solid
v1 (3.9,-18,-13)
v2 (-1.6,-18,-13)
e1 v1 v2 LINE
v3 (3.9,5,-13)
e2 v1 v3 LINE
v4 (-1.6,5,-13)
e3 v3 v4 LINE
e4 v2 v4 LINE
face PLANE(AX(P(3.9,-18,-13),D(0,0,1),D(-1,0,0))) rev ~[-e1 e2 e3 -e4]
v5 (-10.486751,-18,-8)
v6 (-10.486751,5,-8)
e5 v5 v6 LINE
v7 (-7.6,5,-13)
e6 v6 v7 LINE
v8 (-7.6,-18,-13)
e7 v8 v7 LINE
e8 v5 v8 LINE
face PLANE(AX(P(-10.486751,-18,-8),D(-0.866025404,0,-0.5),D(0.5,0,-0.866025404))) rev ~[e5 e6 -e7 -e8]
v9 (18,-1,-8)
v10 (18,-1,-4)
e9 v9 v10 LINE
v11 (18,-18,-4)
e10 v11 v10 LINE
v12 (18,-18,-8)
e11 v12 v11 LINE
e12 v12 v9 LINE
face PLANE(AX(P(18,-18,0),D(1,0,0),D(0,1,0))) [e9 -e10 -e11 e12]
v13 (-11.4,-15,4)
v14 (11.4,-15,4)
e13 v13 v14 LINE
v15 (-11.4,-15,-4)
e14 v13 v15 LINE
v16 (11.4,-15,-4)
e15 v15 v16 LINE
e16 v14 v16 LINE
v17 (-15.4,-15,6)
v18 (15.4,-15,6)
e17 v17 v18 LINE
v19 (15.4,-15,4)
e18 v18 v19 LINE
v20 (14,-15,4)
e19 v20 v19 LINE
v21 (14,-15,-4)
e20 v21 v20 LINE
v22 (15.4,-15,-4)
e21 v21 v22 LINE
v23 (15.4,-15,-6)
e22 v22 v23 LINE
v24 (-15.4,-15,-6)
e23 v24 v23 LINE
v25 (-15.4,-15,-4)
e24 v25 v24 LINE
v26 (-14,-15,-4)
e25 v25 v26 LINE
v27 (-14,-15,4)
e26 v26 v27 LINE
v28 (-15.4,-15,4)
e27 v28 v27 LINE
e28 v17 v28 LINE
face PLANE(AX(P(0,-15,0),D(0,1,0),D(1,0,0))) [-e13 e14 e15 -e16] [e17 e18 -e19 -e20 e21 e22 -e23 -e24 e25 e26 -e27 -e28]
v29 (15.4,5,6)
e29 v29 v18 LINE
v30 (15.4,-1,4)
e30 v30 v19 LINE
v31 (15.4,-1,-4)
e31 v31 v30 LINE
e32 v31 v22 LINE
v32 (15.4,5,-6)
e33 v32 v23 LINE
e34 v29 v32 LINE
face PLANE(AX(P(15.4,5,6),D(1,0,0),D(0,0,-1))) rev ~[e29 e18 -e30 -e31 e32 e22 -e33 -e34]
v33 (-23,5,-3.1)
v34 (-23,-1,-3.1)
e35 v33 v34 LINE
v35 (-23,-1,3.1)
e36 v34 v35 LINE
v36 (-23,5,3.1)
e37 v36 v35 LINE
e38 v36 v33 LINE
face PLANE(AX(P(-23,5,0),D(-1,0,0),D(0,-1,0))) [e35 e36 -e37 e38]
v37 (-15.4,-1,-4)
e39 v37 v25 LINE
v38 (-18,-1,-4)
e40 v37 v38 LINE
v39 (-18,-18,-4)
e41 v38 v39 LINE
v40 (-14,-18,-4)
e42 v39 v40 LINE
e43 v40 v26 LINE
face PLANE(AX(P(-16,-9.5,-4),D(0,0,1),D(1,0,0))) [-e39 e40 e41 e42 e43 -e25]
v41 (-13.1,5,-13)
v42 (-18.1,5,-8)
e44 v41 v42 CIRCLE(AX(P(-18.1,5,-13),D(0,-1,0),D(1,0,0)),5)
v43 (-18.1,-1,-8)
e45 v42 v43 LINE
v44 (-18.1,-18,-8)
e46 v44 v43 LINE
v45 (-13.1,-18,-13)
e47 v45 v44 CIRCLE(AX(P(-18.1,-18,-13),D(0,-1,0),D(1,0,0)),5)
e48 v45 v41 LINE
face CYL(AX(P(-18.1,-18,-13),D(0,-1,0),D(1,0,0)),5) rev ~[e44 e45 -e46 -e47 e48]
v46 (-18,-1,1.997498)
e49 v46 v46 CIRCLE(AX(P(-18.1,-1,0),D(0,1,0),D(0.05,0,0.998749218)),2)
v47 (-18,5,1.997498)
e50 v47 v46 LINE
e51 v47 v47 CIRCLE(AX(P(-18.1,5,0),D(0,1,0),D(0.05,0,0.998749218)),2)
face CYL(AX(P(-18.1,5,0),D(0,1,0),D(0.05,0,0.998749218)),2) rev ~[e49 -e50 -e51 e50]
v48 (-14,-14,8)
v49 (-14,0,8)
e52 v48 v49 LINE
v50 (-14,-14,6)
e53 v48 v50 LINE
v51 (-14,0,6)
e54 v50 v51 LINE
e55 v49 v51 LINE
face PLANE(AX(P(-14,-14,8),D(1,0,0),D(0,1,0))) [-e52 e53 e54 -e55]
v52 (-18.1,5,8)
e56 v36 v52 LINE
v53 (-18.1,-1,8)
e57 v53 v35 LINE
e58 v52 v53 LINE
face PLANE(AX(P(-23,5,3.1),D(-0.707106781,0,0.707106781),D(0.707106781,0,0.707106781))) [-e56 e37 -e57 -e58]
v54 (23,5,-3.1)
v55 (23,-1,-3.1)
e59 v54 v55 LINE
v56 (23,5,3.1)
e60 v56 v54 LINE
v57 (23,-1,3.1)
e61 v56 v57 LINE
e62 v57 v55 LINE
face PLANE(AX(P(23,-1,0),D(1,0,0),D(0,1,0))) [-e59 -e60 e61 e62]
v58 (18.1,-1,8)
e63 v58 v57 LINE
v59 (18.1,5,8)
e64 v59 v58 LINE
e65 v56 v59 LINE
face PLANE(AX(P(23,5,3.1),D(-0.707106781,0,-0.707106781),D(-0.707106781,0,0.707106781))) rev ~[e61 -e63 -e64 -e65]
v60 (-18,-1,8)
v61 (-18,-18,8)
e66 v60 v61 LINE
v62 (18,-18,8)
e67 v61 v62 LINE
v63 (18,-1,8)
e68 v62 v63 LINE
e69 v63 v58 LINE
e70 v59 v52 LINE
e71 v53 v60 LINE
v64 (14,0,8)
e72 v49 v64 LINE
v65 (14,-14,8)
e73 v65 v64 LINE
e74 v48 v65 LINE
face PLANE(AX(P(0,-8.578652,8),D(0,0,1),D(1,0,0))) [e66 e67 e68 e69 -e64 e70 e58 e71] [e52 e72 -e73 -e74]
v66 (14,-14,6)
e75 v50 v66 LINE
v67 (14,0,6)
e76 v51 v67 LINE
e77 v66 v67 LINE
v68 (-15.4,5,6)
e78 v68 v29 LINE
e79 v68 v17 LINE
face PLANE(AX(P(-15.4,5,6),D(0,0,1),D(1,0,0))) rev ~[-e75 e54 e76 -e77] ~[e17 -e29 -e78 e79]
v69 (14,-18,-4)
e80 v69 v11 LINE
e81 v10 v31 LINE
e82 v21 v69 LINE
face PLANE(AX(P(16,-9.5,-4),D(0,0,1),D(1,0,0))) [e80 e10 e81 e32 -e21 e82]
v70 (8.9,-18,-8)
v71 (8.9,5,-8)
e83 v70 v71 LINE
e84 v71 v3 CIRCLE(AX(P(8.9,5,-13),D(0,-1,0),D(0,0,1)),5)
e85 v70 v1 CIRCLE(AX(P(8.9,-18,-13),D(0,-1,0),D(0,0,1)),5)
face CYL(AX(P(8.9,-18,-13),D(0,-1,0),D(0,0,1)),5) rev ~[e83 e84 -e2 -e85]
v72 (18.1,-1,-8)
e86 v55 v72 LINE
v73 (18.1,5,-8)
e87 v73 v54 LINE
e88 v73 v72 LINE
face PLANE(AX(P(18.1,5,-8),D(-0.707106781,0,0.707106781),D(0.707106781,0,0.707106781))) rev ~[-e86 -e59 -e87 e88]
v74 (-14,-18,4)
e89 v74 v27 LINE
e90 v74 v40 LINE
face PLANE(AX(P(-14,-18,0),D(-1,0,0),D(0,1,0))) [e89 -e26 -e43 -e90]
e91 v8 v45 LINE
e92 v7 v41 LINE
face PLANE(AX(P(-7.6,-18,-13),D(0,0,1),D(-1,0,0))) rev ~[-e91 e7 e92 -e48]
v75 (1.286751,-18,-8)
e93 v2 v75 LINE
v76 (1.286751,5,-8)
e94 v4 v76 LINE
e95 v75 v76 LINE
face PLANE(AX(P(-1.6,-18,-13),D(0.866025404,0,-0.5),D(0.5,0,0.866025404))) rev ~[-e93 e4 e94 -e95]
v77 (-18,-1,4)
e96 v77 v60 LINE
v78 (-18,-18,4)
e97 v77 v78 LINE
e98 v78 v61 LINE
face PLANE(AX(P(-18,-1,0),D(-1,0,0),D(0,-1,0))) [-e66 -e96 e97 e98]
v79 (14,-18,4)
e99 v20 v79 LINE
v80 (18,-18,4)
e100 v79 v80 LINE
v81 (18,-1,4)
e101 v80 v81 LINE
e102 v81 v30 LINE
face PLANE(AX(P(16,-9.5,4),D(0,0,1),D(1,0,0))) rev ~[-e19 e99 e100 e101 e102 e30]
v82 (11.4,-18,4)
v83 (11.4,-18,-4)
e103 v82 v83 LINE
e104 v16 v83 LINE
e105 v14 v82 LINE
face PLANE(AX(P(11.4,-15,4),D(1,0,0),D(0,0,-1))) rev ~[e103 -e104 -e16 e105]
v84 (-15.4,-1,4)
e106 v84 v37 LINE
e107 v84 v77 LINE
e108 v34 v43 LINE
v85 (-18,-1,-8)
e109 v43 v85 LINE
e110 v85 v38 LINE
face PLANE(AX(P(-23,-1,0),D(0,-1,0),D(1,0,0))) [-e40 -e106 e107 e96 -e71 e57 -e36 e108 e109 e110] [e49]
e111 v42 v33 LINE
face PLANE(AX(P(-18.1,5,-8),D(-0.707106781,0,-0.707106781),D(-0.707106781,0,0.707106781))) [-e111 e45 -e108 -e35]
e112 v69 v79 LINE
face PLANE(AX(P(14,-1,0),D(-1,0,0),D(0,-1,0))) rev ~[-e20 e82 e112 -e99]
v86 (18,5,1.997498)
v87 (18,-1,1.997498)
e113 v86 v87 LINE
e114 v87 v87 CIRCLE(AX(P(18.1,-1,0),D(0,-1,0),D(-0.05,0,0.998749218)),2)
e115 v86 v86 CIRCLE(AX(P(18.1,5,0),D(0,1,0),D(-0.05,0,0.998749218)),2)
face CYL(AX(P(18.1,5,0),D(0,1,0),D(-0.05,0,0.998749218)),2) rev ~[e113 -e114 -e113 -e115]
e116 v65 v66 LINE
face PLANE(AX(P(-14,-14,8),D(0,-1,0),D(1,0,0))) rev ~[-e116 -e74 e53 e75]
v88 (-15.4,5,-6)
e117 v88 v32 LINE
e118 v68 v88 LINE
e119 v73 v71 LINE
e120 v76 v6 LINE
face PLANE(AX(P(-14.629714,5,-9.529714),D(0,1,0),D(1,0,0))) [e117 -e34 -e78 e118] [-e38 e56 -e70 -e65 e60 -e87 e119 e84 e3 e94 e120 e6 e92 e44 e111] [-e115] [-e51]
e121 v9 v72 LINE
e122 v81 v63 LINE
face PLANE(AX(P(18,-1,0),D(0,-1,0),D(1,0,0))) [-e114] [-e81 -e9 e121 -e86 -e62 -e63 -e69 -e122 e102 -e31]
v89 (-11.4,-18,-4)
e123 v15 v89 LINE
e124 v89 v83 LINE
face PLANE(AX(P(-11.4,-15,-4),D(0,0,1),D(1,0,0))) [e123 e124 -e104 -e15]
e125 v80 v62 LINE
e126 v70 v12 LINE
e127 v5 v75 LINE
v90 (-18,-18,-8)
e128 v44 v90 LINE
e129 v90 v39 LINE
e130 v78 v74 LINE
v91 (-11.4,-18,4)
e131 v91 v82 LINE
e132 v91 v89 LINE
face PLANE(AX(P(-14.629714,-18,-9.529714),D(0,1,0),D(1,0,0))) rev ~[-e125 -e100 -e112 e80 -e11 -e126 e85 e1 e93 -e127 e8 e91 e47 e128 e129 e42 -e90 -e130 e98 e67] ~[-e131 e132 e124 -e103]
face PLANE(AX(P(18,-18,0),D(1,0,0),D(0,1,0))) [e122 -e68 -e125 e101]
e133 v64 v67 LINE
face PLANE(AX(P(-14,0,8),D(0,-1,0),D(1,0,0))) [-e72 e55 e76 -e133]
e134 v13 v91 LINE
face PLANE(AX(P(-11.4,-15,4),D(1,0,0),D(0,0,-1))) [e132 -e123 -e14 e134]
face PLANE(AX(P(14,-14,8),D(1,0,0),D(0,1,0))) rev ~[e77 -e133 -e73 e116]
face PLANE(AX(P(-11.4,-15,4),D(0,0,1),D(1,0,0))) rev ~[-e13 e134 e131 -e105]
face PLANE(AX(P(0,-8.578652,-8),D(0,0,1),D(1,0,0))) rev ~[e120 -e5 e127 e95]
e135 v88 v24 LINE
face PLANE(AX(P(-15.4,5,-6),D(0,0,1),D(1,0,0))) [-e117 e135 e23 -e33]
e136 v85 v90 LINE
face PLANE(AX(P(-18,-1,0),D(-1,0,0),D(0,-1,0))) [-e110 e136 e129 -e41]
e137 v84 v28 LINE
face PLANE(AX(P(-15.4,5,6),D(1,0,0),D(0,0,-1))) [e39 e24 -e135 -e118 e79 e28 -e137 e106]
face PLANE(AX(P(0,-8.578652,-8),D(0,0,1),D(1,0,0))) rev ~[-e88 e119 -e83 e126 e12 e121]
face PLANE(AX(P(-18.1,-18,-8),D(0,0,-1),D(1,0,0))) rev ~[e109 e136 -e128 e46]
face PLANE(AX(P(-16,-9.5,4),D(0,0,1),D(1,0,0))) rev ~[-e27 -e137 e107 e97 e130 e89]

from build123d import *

# Parameters (mm, degrees)
SKETCH1_W      = 30
SKETCH1_H      = 15
SKETCH1_H_2    = 5
EXTRUDE1_DEPTH = 8
EXTRUDE2_START = 5
SKETCH2_R      = 2
SKETCH2_W      = 30.8
SKETCH2_H      = 12
SKETCH2_W_2    = 22.8
SKETCH2_H_2    = 8
EXTRUDE2_DEPTH = 20
EXTRUDE3_START = 8
SKETCH3_W      = 28
SKETCH3_H      = 14
EXTRUDE3_DEPTH = 14
EXTRUDE4_DEPTH = 4
EXTRUDE5_START = -15
SKETCH2_3_W    = 22.8
SKETCH2_3_H    = 8
EXTRUDE5_DEPTH = 3
EXTRUDE6_START = -18
EXTRUDE6_DEPTH = 23


with BuildPart() as part:
    # Sketch1 → Extrude1 (new, symmetric)
    with BuildSketch(Plane.XY):
        Polygon((-15, 0), (-15, 5), (-23, 5), (-23, -1), (-18, -1), (-18, -18), (18, -18), (18, -1), (23, -1), (23, 5), (15, 5), (15, 0), (15, -15), (-15, -15), align=None)
        with Locations((0, -7.5)):
            Rectangle(SKETCH1_W, SKETCH1_H)
        with Locations((0, 2.5)):
            Rectangle(SKETCH1_W, SKETCH1_H_2)
    extrude(amount=EXTRUDE1_DEPTH, both=True)

    # Sketch2 → Extrude2 (cut)
    with BuildSketch(Plane(origin=(0, 0, 0), x_dir=(1, 0, 0), z_dir=(0, 1, 0)).offset(EXTRUDE2_START)):
        Polygon((-23, -8), (-23, -3.1), (-18.1, -8), align=None)
        with Locations(Location((-18.1, 0, 0), (0, 0, 272.865983983))):
            Circle(SKETCH2_R)
        Polygon((-23, 8), (-18.1, 8), (-23, 3.1), align=None)
        Rectangle(SKETCH2_W, SKETCH2_H)
        Rectangle(SKETCH2_W_2, SKETCH2_H_2, mode=Mode.SUBTRACT)
        Rectangle(SKETCH2_W_2, SKETCH2_H_2)
        Polygon((23, 3.1), (23, 8), (18.1, 8), align=None)
        with Locations(Location((18.1, 0, 0), (0, 0, 267.134016017))):
            Circle(SKETCH2_R)
        Polygon((18.1, -8), (23, -8), (23, -3.1), align=None)
    extrude(amount=-EXTRUDE2_DEPTH, mode=Mode.SUBTRACT)

    # Sketch3 → Extrude3 (cut)
    with BuildSketch(Plane.XY.offset(EXTRUDE3_START)):
        with Locations((0, -7)):
            Rectangle(SKETCH3_W, SKETCH3_H)
    extrude(amount=-EXTRUDE3_DEPTH, mode=Mode.SUBTRACT)

    # Sketch3<3> → Extrude4 (cut, symmetric)
    with BuildSketch(Plane.XY):
        Polygon((-14, -18), (-14, -14), (-14, -1), (-18, -1), (-18, -18), align=None)
        Polygon((14, -1), (14, -14), (14, -18), (18, -18), (18, -1), align=None)
    extrude(amount=EXTRUDE4_DEPTH, both=True, mode=Mode.SUBTRACT)

    # Sketch2<3> → Extrude5 (cut)
    with BuildSketch(Plane(origin=(0, 0, 0), x_dir=(1, 0, 0), z_dir=(0, 1, 0)).offset(EXTRUDE5_START)):
        Rectangle(SKETCH2_3_W, SKETCH2_3_H)
    extrude(amount=-EXTRUDE5_DEPTH, mode=Mode.SUBTRACT)

    # Sketch4 → Extrude6 (add)
    with BuildSketch(Plane(origin=(0, 0, 0), x_dir=(1, 0, 0), z_dir=(0, 1, 0)).offset(EXTRUDE6_START)):
        with BuildLine():
            Line((-18.1, 8), (-13.1, 8))
            Line((-13.1, 8), (-13.1, 13))
            ThreePointArc((-13.1, 13), (-14.564466094, 9.464466094), (-18.1, 8))
        make_face()
        Polygon((-13.1, 13), (-13.1, 8), (-10.486751346, 8), (-7.6, 13), align=None)
        Polygon((1.286751346, 8), (3.9, 8), (3.9, 13), (-1.6, 13), align=None)
        with BuildLine():
            Line((3.9, 13), (3.9, 8))
            Line((3.9, 8), (8.9, 8))
            ThreePointArc((8.9, 8), (5.364466094, 9.464466094), (3.9, 13))
        make_face()
    extrude(amount=EXTRUDE6_DEPTH)


solid = part.part
